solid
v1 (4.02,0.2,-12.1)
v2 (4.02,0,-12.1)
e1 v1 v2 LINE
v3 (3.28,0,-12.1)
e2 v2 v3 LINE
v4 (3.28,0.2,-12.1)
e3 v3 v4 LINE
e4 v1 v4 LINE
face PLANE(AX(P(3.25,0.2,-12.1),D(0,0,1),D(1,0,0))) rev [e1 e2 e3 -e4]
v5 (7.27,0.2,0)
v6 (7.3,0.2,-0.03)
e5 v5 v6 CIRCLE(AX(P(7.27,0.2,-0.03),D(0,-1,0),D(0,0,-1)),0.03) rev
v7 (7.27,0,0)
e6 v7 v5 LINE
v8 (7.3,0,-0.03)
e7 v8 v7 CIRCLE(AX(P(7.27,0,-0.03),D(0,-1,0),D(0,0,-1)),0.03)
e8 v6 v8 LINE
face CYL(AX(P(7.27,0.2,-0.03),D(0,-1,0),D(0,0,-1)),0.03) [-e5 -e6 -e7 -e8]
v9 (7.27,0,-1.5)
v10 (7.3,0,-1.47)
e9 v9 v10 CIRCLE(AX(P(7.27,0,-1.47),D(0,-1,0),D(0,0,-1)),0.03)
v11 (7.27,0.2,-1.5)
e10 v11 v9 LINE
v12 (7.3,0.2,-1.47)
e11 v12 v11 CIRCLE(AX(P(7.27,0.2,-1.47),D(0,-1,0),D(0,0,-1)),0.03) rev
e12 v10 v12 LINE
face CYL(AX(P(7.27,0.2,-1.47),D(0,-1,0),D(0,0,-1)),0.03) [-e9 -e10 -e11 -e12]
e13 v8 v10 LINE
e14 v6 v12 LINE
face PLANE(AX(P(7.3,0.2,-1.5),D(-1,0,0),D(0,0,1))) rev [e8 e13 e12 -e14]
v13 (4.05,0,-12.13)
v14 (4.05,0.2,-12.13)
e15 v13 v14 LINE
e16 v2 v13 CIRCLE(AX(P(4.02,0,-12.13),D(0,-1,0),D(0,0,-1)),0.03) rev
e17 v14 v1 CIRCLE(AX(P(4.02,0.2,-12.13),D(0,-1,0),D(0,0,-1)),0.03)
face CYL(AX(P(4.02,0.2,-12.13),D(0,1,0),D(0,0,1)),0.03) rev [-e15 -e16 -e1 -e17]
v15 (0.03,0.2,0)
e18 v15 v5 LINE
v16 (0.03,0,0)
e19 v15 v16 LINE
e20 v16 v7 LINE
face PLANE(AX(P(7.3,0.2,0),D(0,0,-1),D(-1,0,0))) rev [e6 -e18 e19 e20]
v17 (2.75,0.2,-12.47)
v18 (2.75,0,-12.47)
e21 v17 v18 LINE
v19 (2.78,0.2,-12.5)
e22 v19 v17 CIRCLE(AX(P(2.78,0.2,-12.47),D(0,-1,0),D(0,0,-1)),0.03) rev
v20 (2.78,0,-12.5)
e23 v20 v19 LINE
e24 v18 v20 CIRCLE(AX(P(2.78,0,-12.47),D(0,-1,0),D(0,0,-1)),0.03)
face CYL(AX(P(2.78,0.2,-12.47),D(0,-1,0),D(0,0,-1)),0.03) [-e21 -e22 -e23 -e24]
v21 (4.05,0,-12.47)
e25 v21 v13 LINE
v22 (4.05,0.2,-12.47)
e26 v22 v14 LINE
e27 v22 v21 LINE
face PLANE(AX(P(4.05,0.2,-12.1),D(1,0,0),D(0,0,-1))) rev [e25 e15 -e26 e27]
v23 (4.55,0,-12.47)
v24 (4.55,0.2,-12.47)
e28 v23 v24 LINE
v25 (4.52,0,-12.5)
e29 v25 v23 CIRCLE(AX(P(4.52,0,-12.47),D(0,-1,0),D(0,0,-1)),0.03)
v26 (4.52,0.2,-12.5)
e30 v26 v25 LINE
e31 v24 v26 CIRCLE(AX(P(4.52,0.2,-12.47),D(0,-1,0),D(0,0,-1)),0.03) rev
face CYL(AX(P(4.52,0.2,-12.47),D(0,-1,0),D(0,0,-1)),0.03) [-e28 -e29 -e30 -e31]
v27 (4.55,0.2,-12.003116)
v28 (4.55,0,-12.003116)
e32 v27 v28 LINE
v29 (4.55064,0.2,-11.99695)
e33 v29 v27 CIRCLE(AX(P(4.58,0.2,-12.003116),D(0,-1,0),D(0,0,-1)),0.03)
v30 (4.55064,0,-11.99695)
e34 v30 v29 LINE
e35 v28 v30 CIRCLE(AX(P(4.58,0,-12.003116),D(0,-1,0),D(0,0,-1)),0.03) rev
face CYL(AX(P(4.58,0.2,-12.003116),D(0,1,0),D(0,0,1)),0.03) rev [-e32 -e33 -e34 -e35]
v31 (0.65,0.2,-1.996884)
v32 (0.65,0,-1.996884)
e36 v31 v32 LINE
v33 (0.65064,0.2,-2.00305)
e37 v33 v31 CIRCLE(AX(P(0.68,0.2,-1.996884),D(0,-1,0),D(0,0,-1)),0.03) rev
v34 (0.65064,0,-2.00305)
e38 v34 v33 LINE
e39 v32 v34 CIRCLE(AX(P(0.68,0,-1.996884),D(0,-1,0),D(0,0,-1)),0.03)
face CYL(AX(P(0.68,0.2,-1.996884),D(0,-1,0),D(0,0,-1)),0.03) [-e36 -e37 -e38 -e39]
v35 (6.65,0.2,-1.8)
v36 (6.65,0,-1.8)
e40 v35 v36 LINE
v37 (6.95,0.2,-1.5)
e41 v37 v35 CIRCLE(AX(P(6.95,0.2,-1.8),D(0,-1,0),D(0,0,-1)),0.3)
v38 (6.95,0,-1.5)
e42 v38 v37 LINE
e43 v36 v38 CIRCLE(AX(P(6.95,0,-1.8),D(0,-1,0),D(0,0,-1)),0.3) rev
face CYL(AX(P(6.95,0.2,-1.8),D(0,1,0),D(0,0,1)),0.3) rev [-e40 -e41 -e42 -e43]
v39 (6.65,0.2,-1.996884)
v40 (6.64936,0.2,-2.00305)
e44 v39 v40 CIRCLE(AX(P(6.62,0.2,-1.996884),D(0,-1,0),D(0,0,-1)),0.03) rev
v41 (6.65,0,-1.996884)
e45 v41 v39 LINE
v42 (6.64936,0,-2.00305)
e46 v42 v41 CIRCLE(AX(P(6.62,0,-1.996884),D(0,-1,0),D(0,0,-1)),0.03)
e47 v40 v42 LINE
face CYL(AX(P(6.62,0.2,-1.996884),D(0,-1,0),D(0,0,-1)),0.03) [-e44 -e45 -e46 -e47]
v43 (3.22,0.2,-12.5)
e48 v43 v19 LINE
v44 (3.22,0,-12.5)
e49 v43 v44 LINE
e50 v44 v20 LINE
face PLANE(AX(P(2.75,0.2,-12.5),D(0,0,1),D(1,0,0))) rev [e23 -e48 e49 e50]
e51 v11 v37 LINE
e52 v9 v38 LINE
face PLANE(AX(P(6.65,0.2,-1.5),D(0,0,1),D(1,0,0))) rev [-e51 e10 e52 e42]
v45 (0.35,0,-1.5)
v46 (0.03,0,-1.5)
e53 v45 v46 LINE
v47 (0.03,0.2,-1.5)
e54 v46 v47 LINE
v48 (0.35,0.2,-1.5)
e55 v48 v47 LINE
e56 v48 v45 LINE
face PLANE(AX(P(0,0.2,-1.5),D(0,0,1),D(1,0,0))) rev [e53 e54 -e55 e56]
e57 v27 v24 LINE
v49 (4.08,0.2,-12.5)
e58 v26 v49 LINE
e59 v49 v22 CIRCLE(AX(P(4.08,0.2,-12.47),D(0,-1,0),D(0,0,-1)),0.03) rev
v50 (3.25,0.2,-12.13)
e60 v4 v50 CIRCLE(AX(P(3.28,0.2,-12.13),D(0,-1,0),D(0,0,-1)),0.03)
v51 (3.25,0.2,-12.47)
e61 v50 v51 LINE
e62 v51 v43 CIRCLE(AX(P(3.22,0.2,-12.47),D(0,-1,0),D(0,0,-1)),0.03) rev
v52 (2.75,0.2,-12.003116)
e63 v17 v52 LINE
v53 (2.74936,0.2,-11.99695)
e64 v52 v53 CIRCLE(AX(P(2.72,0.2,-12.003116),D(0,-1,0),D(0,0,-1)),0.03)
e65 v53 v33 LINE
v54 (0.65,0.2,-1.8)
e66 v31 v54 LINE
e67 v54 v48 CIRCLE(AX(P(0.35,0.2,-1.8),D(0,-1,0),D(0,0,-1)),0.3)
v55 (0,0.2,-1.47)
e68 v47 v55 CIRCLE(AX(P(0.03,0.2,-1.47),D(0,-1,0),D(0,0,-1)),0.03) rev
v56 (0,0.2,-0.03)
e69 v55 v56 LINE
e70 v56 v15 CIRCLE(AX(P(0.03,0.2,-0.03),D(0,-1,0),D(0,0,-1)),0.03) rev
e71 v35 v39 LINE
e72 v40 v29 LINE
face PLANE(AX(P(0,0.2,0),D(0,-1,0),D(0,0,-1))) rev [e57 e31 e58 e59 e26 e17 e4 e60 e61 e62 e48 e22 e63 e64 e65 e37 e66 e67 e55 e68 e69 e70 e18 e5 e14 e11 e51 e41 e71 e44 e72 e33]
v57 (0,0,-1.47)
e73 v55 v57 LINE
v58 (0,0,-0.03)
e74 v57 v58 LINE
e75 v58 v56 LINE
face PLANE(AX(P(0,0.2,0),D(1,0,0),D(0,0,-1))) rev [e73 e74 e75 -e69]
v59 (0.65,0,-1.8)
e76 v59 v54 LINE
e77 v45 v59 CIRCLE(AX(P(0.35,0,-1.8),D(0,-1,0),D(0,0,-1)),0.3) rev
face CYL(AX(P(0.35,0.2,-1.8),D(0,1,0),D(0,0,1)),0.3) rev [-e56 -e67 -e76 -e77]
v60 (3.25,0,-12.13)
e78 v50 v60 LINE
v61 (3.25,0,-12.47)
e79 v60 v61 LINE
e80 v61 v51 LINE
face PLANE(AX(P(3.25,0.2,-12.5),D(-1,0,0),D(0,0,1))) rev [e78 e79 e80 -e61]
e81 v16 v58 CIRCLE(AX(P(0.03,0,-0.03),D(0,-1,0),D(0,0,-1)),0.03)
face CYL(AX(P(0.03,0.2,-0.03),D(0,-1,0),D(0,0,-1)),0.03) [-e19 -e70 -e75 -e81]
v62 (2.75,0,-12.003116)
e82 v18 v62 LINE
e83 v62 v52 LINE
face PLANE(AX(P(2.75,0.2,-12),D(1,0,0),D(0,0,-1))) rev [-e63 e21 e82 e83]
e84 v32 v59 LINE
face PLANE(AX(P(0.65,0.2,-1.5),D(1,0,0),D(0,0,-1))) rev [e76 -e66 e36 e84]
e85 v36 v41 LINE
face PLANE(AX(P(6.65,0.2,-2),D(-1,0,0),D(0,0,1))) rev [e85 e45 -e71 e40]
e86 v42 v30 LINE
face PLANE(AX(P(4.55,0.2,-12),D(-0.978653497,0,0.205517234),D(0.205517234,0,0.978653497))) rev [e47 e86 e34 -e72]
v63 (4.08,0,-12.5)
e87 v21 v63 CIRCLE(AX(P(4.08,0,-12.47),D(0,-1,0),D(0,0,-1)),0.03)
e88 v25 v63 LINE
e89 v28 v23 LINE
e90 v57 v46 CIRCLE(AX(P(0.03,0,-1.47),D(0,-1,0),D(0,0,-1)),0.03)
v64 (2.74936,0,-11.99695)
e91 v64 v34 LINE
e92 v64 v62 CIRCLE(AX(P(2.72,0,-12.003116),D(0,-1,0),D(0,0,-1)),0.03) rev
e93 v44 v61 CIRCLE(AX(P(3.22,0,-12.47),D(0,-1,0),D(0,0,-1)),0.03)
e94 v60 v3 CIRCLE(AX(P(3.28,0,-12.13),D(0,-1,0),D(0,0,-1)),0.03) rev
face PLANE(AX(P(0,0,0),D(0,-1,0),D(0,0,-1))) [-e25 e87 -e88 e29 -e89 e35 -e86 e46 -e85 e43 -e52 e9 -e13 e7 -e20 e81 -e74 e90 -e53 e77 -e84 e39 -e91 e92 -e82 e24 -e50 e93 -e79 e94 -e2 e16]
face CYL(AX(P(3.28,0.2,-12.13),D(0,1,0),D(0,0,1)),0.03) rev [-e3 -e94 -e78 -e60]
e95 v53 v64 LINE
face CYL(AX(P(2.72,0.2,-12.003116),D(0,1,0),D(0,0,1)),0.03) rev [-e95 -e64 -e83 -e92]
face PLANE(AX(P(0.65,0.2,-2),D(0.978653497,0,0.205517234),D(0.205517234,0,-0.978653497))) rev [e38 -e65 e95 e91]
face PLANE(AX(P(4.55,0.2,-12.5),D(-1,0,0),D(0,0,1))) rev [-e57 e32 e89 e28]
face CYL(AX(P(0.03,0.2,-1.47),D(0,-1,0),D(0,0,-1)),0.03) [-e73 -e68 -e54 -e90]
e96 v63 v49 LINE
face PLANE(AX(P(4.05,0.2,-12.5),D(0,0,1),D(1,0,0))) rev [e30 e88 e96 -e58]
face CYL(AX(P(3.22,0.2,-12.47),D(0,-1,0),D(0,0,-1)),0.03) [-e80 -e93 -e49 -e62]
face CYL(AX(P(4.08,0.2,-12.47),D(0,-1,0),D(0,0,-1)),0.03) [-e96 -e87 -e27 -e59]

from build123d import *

# Parameters (mm, degrees)
BOSS_EXTRUDE1_DEPTH = 0.2
FILLET1_R           = 0.3
FILLET2_R           = 0.03


with BuildPart() as part:
    # Sketch1 → Boss-Extrude1 (new body)
    with BuildSketch(Plane(origin=(0, 0, 0), x_dir=(1, 0, 0), z_dir=(0, 1, 0))):
        Polygon((0, 0), (0, 1.5), (0.65, 1.5), (0.65, 2), (2.75, 12), (2.75, 12.5), (3.25, 12.5), (3.25, 12.1), (4.05, 12.1), (4.05, 12.5), (4.55, 12.5), (4.55, 12), (6.65, 2), (6.65, 1.5), (7.3, 1.5), (7.3, 0), align=None)
    extrude(amount=BOSS_EXTRUDE1_DEPTH)

    # Fillet1
    fillet1_edges = [part.edges().sort_by_distance(p)[0] for p in [
        (0.65, 0.1, -1.5),
        (6.65, 0.1, -1.5),
    ]]
    fillet(fillet1_edges, radius=FILLET1_R)

    # Fillet2
    fillet2_edges = [part.edges().sort_by_distance(p)[0] for p in [
        (0, 0.1, 0),
        (0, 0.1, -1.5),
        (0.65, 0.1, -2),
        (2.75, 0.1, -12),
        (2.75, 0.1, -12.5),
        (3.25, 0.1, -12.5),
        (3.25, 0.1, -12.1),
        (4.05, 0.1, -12.1),
        (4.05, 0.1, -12.5),
        (4.55, 0.1, -12.5),
        (4.55, 0.1, -12),
        (6.65, 0.1, -2),
        (7.3, 0.1, -1.5),
        (7.3, 0.1, 0),
    ]]
    fillet(fillet2_edges, radius=FILLET2_R)


solid = part.part
